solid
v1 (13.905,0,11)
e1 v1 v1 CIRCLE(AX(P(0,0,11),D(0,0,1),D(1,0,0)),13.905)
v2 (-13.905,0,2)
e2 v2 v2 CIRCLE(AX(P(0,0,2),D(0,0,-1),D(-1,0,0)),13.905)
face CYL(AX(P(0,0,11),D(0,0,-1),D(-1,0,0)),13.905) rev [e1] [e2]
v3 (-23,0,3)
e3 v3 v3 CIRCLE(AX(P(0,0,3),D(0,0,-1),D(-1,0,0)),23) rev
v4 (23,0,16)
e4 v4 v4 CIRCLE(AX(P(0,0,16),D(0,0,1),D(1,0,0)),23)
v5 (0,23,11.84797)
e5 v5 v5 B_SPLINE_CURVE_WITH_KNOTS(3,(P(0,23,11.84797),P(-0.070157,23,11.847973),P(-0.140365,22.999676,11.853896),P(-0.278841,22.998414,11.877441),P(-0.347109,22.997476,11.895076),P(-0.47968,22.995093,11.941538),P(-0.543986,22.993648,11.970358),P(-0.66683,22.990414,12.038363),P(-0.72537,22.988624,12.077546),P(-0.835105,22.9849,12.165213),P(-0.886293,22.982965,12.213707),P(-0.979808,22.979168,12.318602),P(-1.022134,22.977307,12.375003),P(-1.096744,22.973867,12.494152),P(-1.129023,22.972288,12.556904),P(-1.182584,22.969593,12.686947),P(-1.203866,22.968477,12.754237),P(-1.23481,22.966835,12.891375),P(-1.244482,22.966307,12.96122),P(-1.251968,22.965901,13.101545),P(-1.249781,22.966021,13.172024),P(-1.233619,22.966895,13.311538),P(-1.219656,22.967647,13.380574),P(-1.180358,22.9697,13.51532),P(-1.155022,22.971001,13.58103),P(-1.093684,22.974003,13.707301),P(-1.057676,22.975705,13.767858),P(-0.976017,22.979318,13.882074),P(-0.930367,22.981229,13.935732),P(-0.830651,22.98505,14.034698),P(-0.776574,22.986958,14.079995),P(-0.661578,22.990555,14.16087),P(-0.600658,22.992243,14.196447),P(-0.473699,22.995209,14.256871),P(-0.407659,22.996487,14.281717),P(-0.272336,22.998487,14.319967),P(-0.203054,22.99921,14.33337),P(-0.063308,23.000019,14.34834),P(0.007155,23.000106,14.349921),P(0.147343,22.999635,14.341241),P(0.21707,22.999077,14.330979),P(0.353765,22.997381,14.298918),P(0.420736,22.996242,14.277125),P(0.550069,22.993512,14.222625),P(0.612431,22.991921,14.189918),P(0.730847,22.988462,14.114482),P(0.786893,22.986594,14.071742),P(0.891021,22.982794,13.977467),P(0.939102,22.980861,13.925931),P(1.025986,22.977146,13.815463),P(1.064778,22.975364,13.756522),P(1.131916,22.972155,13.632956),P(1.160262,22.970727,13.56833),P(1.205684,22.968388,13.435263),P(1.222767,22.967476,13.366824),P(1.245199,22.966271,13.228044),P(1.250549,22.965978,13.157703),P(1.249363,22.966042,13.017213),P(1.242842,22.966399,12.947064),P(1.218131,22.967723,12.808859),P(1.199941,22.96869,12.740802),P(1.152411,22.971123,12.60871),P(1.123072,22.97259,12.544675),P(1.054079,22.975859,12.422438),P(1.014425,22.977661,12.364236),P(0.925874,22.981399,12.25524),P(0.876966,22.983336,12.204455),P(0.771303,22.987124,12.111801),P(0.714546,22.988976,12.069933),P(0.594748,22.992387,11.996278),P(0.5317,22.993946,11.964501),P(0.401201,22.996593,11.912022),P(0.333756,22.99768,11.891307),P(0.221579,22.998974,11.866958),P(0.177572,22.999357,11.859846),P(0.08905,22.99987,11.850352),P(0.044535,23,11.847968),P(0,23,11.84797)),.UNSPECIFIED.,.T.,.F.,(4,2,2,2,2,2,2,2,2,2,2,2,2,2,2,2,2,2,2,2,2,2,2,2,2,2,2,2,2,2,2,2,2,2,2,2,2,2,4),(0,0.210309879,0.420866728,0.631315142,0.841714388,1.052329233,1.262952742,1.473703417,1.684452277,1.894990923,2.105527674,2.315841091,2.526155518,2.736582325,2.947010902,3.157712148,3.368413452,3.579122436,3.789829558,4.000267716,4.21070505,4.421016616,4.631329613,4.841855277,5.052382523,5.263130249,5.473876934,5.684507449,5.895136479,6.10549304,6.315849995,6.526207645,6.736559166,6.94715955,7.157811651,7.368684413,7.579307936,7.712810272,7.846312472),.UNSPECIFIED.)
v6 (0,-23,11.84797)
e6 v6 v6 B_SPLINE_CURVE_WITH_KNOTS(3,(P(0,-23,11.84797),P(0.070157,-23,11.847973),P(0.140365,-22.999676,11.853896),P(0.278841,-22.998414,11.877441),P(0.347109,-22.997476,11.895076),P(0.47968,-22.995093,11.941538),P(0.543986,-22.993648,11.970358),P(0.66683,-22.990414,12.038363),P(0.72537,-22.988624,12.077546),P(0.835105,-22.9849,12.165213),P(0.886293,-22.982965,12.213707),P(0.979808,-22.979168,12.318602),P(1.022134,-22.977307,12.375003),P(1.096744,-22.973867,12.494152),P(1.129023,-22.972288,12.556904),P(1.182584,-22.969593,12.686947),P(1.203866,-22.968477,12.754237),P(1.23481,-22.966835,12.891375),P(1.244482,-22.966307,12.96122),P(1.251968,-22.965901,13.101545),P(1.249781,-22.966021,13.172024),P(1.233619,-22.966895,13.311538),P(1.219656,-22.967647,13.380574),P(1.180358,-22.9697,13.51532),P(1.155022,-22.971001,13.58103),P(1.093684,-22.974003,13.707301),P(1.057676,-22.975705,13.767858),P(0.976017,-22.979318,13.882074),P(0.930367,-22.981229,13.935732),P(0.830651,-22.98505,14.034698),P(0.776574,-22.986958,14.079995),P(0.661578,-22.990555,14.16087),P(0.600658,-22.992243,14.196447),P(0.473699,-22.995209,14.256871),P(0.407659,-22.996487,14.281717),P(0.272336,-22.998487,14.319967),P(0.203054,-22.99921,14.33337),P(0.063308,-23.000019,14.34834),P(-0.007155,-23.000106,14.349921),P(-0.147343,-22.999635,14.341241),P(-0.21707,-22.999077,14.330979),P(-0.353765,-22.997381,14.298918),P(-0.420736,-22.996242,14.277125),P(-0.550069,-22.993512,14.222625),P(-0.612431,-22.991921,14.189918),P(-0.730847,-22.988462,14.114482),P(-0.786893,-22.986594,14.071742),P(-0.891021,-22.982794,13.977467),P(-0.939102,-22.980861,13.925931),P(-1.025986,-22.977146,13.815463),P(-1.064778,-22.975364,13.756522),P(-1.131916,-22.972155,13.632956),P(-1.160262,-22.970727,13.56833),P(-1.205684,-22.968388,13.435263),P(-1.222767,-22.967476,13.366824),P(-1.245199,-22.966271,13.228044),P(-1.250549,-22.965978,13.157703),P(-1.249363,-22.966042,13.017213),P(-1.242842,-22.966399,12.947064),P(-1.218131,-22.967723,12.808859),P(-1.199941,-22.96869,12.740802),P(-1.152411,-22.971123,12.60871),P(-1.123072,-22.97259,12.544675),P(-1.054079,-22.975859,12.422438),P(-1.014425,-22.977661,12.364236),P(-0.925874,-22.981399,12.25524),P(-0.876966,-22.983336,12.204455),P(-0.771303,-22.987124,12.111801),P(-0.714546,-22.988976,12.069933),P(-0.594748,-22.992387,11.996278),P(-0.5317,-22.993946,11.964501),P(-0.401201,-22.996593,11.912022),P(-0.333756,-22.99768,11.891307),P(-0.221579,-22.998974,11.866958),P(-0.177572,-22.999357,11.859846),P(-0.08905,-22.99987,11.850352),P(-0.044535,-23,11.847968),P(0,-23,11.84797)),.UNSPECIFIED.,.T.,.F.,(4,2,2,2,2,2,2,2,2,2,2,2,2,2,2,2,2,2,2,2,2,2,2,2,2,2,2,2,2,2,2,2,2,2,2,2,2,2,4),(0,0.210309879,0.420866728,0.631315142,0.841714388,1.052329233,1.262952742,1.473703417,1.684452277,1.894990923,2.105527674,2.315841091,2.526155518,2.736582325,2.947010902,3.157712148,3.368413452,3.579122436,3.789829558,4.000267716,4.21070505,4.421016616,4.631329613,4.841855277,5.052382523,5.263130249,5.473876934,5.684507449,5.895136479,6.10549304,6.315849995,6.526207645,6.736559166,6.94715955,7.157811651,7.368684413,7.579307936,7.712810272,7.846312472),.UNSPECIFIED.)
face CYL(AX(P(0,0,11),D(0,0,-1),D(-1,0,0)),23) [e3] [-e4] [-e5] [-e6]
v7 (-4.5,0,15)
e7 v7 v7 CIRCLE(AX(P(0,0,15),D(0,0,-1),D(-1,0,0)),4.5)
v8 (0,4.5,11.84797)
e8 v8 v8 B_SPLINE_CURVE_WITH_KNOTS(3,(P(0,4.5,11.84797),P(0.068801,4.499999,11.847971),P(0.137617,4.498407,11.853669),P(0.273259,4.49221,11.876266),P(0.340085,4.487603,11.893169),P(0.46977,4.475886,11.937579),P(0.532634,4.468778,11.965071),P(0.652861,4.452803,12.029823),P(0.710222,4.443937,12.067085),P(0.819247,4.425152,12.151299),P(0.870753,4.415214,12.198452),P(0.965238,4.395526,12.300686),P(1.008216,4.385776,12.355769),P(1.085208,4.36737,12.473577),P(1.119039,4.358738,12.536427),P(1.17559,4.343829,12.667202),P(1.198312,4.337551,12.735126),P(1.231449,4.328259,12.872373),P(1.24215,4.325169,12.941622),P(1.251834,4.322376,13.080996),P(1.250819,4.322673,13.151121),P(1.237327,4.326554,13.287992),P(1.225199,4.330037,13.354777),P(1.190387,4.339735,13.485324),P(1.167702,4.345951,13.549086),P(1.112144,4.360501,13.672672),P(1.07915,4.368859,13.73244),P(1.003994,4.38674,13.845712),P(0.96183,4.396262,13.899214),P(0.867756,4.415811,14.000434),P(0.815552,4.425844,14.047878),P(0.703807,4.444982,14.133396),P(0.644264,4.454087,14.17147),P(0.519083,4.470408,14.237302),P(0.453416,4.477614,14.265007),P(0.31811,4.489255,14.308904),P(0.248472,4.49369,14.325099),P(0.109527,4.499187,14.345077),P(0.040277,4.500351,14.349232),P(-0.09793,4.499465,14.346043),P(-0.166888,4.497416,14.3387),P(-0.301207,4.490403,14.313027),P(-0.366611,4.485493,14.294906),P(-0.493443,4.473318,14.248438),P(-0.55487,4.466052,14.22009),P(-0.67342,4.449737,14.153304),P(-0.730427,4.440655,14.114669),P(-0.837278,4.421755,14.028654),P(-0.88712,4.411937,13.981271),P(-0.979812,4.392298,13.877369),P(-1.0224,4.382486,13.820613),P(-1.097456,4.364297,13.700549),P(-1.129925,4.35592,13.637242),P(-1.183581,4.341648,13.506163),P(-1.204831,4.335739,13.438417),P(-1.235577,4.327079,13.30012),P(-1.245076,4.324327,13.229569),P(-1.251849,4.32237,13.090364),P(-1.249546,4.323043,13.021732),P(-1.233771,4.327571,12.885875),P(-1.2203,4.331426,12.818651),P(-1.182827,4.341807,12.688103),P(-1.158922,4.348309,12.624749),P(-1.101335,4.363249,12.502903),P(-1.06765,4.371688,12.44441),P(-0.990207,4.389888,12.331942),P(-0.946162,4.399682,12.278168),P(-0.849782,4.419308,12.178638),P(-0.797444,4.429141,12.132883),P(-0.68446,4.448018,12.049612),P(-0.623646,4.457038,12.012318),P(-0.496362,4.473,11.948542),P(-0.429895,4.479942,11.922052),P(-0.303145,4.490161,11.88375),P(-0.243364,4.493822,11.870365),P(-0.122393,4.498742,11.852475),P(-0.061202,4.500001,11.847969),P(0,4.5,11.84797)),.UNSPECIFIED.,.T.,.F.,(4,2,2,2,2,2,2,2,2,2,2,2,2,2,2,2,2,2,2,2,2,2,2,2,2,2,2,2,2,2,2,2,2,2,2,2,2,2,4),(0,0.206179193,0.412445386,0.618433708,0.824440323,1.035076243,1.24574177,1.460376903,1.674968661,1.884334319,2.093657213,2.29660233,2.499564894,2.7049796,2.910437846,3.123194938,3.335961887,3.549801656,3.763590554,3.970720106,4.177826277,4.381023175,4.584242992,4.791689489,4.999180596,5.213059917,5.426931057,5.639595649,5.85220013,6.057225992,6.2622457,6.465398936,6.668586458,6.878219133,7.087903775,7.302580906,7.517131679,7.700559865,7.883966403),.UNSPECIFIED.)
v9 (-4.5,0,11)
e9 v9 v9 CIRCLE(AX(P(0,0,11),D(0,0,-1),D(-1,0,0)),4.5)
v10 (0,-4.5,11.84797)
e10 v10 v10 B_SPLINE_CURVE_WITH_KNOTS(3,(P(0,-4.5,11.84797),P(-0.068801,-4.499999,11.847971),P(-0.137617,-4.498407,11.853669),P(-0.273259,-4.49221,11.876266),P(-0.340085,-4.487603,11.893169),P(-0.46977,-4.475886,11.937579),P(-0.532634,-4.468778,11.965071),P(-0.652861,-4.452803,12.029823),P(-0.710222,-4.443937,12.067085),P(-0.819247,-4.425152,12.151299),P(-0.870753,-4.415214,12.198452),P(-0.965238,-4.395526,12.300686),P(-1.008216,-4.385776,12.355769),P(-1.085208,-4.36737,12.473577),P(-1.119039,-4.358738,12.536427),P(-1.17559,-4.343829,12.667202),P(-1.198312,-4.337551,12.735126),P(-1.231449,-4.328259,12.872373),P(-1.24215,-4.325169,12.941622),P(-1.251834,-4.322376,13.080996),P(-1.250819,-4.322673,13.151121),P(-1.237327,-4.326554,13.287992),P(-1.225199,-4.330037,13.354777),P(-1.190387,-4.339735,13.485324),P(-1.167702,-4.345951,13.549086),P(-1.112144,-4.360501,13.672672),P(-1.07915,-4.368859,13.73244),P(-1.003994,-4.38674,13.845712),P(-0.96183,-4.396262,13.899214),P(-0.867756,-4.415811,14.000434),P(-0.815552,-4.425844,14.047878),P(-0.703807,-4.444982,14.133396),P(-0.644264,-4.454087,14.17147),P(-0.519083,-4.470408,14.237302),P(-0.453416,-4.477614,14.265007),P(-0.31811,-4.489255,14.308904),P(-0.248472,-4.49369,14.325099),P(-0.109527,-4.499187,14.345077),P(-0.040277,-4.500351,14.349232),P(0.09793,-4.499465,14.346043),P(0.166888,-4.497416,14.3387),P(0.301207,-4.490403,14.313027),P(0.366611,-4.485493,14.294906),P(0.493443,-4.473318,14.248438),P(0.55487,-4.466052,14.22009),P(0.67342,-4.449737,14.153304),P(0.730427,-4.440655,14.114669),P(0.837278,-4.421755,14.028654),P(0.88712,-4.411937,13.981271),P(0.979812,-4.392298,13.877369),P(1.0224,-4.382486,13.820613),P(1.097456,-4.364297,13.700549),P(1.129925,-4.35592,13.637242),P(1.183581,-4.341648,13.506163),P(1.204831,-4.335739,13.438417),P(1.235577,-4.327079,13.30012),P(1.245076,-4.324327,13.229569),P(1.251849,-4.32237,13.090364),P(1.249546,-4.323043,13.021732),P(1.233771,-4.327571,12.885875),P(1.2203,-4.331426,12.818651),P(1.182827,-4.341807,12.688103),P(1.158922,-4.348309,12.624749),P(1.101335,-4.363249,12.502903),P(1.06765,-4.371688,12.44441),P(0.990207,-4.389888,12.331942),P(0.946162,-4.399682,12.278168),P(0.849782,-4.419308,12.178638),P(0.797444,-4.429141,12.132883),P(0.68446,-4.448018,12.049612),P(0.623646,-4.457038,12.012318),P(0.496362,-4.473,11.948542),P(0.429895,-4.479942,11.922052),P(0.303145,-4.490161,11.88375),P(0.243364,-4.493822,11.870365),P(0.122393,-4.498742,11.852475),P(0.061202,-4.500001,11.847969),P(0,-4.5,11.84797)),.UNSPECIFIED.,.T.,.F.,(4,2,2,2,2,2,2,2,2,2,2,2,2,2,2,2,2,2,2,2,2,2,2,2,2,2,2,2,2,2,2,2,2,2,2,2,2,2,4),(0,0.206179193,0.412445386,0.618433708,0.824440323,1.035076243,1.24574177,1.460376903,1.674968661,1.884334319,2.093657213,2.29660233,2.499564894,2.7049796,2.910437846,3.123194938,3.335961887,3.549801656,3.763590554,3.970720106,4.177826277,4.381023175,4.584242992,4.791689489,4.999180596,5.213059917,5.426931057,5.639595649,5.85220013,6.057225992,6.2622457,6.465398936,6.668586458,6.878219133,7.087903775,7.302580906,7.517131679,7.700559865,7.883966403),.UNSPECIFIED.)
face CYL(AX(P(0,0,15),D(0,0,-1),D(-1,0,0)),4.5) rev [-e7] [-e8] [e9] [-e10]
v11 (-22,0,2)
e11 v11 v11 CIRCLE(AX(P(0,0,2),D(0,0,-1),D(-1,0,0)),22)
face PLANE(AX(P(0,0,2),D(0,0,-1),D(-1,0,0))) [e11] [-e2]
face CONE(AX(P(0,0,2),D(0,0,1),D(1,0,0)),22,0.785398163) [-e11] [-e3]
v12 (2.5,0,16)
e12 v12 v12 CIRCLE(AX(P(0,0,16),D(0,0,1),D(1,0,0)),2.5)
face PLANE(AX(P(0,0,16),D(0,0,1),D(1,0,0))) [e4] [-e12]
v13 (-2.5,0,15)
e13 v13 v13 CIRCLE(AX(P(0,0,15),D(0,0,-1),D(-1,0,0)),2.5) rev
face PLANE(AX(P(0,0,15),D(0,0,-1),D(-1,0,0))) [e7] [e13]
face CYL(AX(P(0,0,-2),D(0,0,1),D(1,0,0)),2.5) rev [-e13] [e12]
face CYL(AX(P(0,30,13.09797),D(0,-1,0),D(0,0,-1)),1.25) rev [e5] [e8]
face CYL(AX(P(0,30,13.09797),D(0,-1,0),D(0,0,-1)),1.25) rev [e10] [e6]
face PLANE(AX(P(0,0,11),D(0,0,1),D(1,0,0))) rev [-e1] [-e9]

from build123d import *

# Parameters (mm, degrees)
ESBO_O1_R                  = 23
ESBO_O1_R_2                = 13.905
RESSALTO_EXTRUS_O1_DEPTH   = 11
ESBO_O2_R                  = 23
RESSALTO_EXTRUS_O2_DEPTH   = 5
ESBO_O3_R                  = 2.5
CORTE_EXTRUS_O1_DEPTH      = 18
ESBO_O4_R                  = 4.5
CORTE_EXTRUS_O2_DEPTH      = 4
ESBO_O6_R                  = 24.343049023
CORTE_EXTRUS_O4_DEPTH      = 2
CHANFRO1_SIZE              = 1
CORTE_EXTRUS_O5_DEPTH      = 30
CORTE_EXTRUS_O5_DEPTH_BACK = 31
ESBO_O7_R                  = 1.25


with BuildPart() as part:
    # Esboço1 → Ressalto-extrusão1 (new body)
    with BuildSketch(Plane.XY):
        Circle(ESBO_O1_R)
        Circle(ESBO_O1_R_2, mode=Mode.SUBTRACT)
    extrude(amount=RESSALTO_EXTRUS_O1_DEPTH)

    # Esboço2 → Ressalto-extrusão2 (add)
    with BuildSketch(Plane.XY.offset(11)):
        Circle(ESBO_O2_R)
    extrude(amount=RESSALTO_EXTRUS_O2_DEPTH)

    # Esboço3 → Corte-extrusão1 (cut)
    with BuildSketch(Plane.XY.offset(16)):
        Circle(ESBO_O3_R)
    extrude(amount=-CORTE_EXTRUS_O1_DEPTH, mode=Mode.SUBTRACT)

    # Esboço4 → Corte-extrusão2 (cut)
    with BuildSketch(Plane(origin=(0, 0, 11), x_dir=(-1, 0, 0), z_dir=(0, 0, -1))):
        Circle(ESBO_O4_R)
    extrude(amount=-CORTE_EXTRUS_O2_DEPTH, mode=Mode.SUBTRACT)

    # Esboço6 → Corte-extrusão4 (cut)
    with BuildSketch(Plane(origin=(0, 0, 0), x_dir=(-1, 0, 0), z_dir=(0, 0, -1))):
        Circle(ESBO_O6_R)
    extrude(amount=-CORTE_EXTRUS_O4_DEPTH, mode=Mode.SUBTRACT)

    # Chanfro1
    chanfro1_edges = [part.edges().sort_by_distance(p)[0] for p in [
        (-23, 0, 2),
    ]]
    chamfer(chanfro1_edges, length=CHANFRO1_SIZE)

    # Esboço7 → Corte-extrusão5 (cut, two sides: drawn at the far end of the back side and taken through both)
    with BuildSketch(Plane(origin=(0, 0, 0), x_dir=(1, 0, 0), z_dir=(0, 1, 0)).offset(-CORTE_EXTRUS_O5_DEPTH_BACK)):
        with Locations(Location((0, -13.09796997, 0), (0, 0, 90))):
            Circle(ESBO_O7_R)
    extrude(amount=CORTE_EXTRUS_O5_DEPTH + CORTE_EXTRUS_O5_DEPTH_BACK, mode=Mode.SUBTRACT)


solid = part.part
